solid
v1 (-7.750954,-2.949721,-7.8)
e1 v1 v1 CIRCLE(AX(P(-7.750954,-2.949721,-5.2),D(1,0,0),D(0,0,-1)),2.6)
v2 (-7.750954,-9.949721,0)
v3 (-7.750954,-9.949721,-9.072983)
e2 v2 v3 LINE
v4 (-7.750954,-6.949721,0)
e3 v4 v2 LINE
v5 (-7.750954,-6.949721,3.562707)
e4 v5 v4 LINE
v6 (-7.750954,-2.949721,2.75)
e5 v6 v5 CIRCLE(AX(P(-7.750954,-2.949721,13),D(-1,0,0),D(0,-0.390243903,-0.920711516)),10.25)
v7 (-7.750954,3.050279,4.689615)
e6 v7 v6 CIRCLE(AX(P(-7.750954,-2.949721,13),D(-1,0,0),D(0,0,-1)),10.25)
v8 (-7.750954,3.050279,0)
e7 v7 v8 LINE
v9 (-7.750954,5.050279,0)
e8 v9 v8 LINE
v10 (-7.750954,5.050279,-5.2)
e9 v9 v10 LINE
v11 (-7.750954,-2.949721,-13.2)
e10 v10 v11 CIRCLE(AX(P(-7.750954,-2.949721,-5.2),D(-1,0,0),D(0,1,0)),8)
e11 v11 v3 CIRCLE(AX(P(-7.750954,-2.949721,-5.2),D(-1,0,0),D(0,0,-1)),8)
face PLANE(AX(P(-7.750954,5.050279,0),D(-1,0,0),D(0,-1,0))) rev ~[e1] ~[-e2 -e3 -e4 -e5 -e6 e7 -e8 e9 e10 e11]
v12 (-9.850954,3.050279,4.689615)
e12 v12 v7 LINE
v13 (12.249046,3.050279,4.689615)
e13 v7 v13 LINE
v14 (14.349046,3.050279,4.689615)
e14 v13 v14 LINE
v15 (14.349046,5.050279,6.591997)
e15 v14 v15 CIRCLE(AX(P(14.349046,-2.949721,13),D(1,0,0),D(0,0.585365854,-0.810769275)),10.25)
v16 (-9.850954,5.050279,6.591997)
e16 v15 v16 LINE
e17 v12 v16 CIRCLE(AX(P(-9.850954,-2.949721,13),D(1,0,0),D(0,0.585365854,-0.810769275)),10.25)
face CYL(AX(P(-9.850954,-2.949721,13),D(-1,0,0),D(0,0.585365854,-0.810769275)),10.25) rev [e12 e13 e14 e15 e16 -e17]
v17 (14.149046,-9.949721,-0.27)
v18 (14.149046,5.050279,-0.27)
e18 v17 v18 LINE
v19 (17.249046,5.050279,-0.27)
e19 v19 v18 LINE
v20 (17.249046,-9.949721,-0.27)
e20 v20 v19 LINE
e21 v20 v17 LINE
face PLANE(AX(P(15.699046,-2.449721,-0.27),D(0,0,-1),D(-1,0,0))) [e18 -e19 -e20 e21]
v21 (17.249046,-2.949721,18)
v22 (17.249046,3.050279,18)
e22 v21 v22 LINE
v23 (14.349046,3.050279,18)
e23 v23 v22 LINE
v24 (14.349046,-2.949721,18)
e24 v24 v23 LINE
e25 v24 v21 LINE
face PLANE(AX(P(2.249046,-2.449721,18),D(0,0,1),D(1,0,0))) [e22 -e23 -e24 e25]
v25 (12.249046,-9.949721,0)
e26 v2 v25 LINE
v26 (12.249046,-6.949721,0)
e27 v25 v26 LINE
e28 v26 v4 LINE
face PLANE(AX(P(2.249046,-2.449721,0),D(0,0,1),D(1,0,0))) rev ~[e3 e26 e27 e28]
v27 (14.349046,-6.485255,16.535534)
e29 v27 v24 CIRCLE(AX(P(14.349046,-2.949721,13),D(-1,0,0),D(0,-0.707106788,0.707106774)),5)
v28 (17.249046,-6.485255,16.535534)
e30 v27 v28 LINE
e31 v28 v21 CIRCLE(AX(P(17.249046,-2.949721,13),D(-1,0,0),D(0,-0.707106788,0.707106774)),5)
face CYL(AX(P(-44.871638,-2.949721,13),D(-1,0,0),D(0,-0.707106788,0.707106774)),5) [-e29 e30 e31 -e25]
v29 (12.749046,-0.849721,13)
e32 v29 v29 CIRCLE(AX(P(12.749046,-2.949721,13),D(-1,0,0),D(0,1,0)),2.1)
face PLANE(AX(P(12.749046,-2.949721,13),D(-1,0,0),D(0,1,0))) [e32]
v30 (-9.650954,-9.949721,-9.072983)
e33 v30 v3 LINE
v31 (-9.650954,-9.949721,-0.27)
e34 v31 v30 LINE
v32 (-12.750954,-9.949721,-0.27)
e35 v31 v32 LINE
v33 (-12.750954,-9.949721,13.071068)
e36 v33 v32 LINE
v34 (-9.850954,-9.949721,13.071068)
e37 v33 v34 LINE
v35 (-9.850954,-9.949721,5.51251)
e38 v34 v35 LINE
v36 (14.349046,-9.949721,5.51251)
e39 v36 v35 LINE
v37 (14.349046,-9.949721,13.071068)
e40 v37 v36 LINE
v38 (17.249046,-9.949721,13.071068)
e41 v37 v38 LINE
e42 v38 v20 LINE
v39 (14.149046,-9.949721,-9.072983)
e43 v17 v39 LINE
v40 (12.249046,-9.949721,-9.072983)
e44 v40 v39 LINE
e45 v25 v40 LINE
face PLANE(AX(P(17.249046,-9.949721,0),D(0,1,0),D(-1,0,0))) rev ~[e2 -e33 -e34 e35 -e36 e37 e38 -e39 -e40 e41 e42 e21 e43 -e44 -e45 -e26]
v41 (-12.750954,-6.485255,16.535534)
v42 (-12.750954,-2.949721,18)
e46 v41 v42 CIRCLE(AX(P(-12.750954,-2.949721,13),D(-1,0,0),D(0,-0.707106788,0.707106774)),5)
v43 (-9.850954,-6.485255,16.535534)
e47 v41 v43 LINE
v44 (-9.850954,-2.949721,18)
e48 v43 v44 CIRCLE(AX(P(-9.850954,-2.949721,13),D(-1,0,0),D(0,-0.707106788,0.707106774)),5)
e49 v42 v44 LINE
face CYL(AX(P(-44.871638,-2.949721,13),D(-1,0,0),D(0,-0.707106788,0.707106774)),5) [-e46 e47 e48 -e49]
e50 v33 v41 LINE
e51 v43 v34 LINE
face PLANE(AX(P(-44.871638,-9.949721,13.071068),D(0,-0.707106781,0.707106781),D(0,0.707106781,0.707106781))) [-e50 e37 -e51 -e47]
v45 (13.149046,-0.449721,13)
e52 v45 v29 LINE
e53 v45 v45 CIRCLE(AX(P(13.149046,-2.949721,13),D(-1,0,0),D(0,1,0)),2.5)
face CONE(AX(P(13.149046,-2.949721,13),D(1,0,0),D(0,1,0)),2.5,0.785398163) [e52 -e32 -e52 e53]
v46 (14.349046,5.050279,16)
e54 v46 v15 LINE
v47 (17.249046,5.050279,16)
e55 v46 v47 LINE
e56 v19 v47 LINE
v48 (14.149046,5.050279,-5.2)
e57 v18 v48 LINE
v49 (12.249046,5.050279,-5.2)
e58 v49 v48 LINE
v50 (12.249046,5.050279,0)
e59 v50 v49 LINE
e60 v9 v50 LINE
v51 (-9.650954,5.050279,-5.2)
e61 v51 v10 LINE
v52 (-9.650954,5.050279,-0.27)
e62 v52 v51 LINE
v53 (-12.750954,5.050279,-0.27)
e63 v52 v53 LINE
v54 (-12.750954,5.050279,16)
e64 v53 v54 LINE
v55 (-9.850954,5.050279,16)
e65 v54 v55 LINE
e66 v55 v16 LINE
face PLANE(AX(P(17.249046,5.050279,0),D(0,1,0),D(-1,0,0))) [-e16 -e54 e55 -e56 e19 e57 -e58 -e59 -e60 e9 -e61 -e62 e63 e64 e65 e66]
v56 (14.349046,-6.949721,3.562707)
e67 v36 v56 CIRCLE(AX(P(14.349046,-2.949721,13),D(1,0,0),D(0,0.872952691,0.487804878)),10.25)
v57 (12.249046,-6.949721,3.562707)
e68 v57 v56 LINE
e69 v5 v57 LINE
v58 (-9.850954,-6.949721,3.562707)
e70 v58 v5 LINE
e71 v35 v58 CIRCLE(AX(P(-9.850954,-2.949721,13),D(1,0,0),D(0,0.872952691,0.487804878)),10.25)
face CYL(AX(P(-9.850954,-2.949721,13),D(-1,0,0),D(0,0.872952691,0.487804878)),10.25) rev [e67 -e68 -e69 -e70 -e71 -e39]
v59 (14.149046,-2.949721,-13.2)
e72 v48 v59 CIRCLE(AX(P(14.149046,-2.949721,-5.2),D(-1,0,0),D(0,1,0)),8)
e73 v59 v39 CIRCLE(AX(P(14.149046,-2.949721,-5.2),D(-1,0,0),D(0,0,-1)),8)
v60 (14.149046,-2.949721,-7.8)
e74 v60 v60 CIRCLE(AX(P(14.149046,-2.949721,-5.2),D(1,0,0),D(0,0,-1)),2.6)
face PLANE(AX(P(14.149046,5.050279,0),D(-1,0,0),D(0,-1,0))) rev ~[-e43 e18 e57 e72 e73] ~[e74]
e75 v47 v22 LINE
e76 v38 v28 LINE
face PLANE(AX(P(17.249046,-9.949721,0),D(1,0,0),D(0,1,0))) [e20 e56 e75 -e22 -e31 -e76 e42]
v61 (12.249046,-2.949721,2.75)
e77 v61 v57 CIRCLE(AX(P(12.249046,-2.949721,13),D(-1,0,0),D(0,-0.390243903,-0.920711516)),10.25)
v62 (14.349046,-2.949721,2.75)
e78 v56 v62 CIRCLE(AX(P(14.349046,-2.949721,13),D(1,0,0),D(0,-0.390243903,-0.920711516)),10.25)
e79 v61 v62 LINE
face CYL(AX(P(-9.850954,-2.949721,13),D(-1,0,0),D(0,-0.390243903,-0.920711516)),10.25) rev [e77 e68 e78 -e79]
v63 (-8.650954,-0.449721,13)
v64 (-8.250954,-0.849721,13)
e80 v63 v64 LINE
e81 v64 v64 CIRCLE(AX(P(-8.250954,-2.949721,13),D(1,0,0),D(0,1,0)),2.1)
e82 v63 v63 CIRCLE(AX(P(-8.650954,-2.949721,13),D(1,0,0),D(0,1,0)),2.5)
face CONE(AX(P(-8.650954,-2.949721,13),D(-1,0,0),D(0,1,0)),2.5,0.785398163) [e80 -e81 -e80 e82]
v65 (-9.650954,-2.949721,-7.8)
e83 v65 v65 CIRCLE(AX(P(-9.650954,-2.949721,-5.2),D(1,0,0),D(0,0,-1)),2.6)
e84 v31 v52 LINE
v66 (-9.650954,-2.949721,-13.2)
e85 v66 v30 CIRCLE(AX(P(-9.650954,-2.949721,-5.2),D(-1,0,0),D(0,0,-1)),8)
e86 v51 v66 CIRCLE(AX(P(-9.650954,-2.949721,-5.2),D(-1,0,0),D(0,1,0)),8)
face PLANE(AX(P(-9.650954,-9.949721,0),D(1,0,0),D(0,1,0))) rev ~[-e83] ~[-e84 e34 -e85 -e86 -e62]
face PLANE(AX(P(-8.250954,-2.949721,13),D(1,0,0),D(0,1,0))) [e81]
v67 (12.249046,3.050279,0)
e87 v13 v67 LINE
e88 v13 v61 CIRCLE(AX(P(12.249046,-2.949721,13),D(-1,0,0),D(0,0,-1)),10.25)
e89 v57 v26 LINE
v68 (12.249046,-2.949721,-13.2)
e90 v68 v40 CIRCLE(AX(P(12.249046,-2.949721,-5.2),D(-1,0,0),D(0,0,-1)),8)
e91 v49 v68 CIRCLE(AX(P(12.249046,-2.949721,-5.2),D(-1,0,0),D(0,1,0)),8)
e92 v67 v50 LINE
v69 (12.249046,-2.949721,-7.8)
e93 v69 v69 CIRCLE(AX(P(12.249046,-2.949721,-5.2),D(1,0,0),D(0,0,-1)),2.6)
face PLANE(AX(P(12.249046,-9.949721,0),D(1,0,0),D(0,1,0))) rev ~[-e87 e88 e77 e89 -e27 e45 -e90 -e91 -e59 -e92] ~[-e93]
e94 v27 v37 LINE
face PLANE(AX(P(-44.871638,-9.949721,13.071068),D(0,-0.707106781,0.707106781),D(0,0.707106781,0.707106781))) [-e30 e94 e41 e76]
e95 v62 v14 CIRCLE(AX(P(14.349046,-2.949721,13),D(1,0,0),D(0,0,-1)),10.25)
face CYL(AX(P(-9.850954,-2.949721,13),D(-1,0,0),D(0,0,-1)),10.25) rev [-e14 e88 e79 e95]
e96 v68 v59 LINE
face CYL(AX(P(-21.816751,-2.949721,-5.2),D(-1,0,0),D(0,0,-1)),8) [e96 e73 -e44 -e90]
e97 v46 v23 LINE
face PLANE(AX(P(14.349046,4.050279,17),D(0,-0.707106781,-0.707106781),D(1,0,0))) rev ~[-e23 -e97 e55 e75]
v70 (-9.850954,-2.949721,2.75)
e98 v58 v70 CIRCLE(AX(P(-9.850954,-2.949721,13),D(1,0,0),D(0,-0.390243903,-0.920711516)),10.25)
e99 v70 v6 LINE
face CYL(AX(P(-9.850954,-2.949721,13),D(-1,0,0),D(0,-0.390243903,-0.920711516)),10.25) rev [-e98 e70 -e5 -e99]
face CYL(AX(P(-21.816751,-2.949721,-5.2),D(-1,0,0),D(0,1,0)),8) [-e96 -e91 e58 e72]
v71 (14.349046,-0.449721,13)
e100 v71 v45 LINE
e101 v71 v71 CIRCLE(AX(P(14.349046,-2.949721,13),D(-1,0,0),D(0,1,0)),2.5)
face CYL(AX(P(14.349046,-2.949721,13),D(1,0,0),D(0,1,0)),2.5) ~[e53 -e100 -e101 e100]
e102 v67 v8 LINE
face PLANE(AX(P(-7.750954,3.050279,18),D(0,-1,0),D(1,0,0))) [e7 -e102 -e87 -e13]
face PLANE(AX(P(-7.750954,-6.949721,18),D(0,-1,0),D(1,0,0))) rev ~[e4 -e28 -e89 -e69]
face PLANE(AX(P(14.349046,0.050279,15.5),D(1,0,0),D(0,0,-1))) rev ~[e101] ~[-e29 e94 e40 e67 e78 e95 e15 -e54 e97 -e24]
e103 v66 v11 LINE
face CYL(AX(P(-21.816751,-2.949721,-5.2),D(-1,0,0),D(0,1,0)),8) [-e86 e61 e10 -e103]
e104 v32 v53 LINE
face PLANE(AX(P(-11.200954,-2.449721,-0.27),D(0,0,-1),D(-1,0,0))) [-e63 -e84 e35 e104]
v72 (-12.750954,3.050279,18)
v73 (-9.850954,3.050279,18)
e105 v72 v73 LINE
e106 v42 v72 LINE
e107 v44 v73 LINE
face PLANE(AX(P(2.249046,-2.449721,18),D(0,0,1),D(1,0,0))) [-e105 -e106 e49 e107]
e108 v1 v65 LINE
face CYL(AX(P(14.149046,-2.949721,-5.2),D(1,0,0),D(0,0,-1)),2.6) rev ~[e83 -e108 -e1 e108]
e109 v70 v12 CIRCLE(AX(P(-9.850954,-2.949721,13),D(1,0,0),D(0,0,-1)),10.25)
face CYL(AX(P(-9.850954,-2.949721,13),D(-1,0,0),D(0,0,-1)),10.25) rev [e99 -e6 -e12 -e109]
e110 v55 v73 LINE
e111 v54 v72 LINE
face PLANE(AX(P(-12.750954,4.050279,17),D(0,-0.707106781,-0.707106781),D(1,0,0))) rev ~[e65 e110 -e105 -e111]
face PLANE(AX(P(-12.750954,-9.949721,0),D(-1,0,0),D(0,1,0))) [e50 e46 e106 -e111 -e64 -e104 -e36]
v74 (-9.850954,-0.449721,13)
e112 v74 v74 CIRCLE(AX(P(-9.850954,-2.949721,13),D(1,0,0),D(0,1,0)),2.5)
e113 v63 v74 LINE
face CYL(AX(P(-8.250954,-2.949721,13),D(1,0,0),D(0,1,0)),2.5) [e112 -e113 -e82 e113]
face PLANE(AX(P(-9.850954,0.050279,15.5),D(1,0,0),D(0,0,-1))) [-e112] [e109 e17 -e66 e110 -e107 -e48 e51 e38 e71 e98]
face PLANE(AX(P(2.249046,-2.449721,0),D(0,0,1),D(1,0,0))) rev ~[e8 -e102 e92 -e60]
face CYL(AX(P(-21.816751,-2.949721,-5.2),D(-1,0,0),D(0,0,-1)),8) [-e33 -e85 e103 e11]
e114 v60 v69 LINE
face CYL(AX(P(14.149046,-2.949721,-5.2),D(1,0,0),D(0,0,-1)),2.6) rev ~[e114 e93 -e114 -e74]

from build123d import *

# Parameters (mm, degrees)
SKETCH_1_W               = 30
SKETCH_1_H               = 15
EXTRUDE_1_DEPTH          = 18
CUT_EXTRUDE_1_REACH      = 28.843
SKETCH_2_W               = 20
SKETCH_2_H               = 10
CUT_EXTRUDE_2_REACH      = 29.668
SKETCH_3_W               = 20
SKETCH_3_H               = 12
CUT_EXTRUDE_5_DEPTH      = 22.1
CUT_EXTRUDE_5_DEPTH_BACK = 2.1
SKETCH_4_W               = 5
SKETCH_4_H               = 6
SKETCH_5_R               = 2.5
EXTRUDE_2_DEPTH          = 1.6
EXTRUDE_START            = 1.6
SKETCH_6_R               = 2.5
EXTRUDE_3_DEPTH          = 1.6
CHAMFER_1_SIZE           = 0.4
CUT_EXTRUDE_6_DEPTH      = 35.020684023
CUT_EXTRUDE_6_DEPTH_BACK = 35.020684023
CUT_EXTRUDE_7_DEPTH      = 35.020684023
CUT_EXTRUDE_7_DEPTH_BACK = 35.020684023
EXTRUDE_4_DEPTH          = 20
SKETCH_10_R              = 2.6
CUT_EXTRUDE_8_DEPTH      = 35.965796737
CUT_EXTRUDE_9_DEPTH      = 35.965796737
CUT_EXTRUDE_9_DEPTH_BACK = 35.965796737
SKETCH_12_W              = 1.696031958
SKETCH_12_H              = 15
CHAMFER_2_SIZE           = 2
SKETCH_17_W              = 3.1
SKETCH_17_H              = 15
EXTRUDE_8_DEPTH          = 0.27


with BuildPart() as part:
    # 草圖1 → 填料-伸長1 (new body)
    with BuildSketch(Plane.XY):
        with Locations((2.249045701, -2.44972067)):
            Rectangle(SKETCH_1_W, SKETCH_1_H)
    extrude(amount=EXTRUDE_1_DEPTH)

    # 草圖2 → 除料-伸長1 (cut, up to next)
    with BuildSketch(Plane.XY.offset(18), mode=Mode.PRIVATE) as cut_extrude_1_sk1:
        with Locations((2.249045701, -1.94972067)):
            Rectangle(SKETCH_2_W, SKETCH_2_H)
    cut_extrude_1_tool1 = extrude(cut_extrude_1_sk1.sketch, amount=-CUT_EXTRUDE_1_REACH, mode=Mode.PRIVATE) & part.part
    add(cut_extrude_1_tool1.solids().sort_by_distance((2.249046, -1.949721, 18))[0], mode=Mode.SUBTRACT)

    # 草圖3 → 除料-伸長2 (cut, up to next)
    with BuildSketch(Plane(origin=(0, -6.94972067, 0), x_dir=(1, 0, 0), z_dir=(0, 1, 0)), mode=Mode.PRIVATE) as cut_extrude_2_sk1:
        with Locations((2.249045701, -12)):
            Rectangle(SKETCH_3_W, SKETCH_3_H)
    cut_extrude_2_tool1 = extrude(cut_extrude_2_sk1.sketch, amount=-CUT_EXTRUDE_2_REACH, mode=Mode.PRIVATE) & part.part
    add(cut_extrude_2_tool1.solids().sort_by_distance((2.249046, -6.949721, 12))[0], mode=Mode.SUBTRACT)

    # 草圖4 → 除料-伸長5 (cut, two sides: drawn at the far end of the back side and taken through both)
    with BuildSketch(Plane(origin=(-7.750954299, 0, 0), x_dir=(0, 0, -1), z_dir=(1, 0, 0)).offset(-CUT_EXTRUDE_5_DEPTH_BACK)):
        with Locations((-15.5, 0.05027933)):
            Rectangle(SKETCH_4_W, SKETCH_4_H)
        with BuildLine():
            Line((-13, 3.05027933), (-13, -2.94972067))
            Line((-13, -2.94972067), (-18, -2.94972067))
            Line((-18, -2.94972067), (-18, -9.94972067))
            Line((-18, -9.94972067), (-6, -9.94972067))
            Line((-6, -9.94972067), (-6, -6.94972067))
            Line((-6, -6.94972067), (-3.562706956, -6.94972067))
            ThreePointArc((-3.562706956, -6.94972067), (-2.955231369, -4.990584005), (-2.75, -2.94972067))
            ThreePointArc((-2.75, -2.94972067), (-3.246950555, 0.203139384), (-4.689614931, 3.05027933))
            Line((-4.689614931, 3.05027933), (-13, 3.05027933))
        make_face()
        with BuildLine():
            ThreePointArc((-18, 5.998044414), (-15.583399687, 6.969379392), (-13, 7.30027933))
            Line((-13, 7.30027933), (-13, 7.89449882))
            Line((-13, 7.89449882), (-18, 7.89449882))
            Line((-18, 7.89449882), (-18, 5.998044414))
        make_face()
        with BuildLine():
            Line((-13, 7.30027933), (-13, 3.05027933))
            Line((-13, 3.05027933), (-4.689614931, 3.05027933))
            ThreePointArc((-4.689614931, 3.05027933), (-8.332961324, 6.176135454), (-13, 7.30027933))
        make_face()
        with BuildLine():
            Line((-18, 3.05027933), (-13, 3.05027933))
            Line((-13, 3.05027933), (-13, 7.30027933))
            ThreePointArc((-13, 7.30027933), (-15.583399687, 6.969379392), (-18, 5.998044414))
            Line((-18, 5.998044414), (-18, 3.05027933))
        make_face()
        with BuildLine():
            Line((-18, -9.94972067), (-18, -2.94972067))
            Line((-18, -2.94972067), (-18, 3.05027933))
            Line((-18, 3.05027933), (-18, 5.998044414))
            ThreePointArc((-18, 5.998044414), (-19.843504041, -10.580510436), (-3.562706956, -6.94972067))
            Line((-3.562706956, -6.94972067), (-6, -6.94972067))
            Line((-6, -6.94972067), (-6, -9.94972067))
            Line((-6, -9.94972067), (-18, -9.94972067))
        make_face()
    extrude(amount=CUT_EXTRUDE_5_DEPTH + CUT_EXTRUDE_5_DEPTH_BACK, mode=Mode.SUBTRACT)

    # 草圖5 → 填料-伸長2 (add)
    with BuildSketch(Plane.ZY.offset(-14.349045701)):
        with Locations(Location((13, -2.94972067, 0), (0, 0, 90))):
            Circle(SKETCH_5_R)
    extrude(amount=EXTRUDE_2_DEPTH)

    # 草圖6 → 填料-伸長3 (add)
    with BuildSketch(Plane(origin=(-9.850954299, 0, 0), x_dir=(0, 0, -1), z_dir=(1, 0, 0)).offset(EXTRUDE_START)):
        with Locations(Location((-13, -2.94972067, 0), (0, 0, 90))):
            Circle(SKETCH_6_R)
    extrude(amount=-EXTRUDE_3_DEPTH)

    # 導角1
    chamfer_1_edges = [part.edges().sort_by_distance(p)[0] for p in [
        (12.749045701, -5.44972067, 13),
        (-8.250954299, -5.44972067, 13),
    ]]
    chamfer(chamfer_1_edges, length=CHAMFER_1_SIZE)

    # 草圖7 → 除料-伸長6 (cut, two sides: drawn at the far end of the back side and taken through both)
    with BuildSketch(Plane(origin=(-9.850954299, 0, 0), x_dir=(0, 0, -1), z_dir=(1, 0, 0)).offset(-CUT_EXTRUDE_6_DEPTH_BACK)):
        Polygon((-18, -9.94972067), (-13.071067812, -9.94972067), (-18, -5.020788482), align=None)
    extrude(amount=CUT_EXTRUDE_6_DEPTH + CUT_EXTRUDE_6_DEPTH_BACK, mode=Mode.SUBTRACT)

    # 草圖8 → 除料-伸長7 (cut, two sides: drawn at the far end of the back side and taken through both)
    with BuildSketch(Plane(origin=(-9.850954299, 0, 0), x_dir=(0, 0, -1), z_dir=(1, 0, 0)).offset(-CUT_EXTRUDE_7_DEPTH_BACK)):
        with BuildLine():
            Line((-18, -2.94972067), (-18, -5.020788482))
            Line((-18, -5.020788482), (-16.535533871, -6.485254612))
            ThreePointArc((-16.535533871, -6.485254612), (-17.619397653, -4.863137855), (-18, -2.94972067))
        make_face()
    extrude(amount=CUT_EXTRUDE_7_DEPTH + CUT_EXTRUDE_7_DEPTH_BACK, mode=Mode.SUBTRACT)

    # 草圖9 → 填料-伸長4 (add)
    with BuildSketch(Plane(origin=(0, 0, 0), x_dir=(-1, 0, 0), z_dir=(0, 0, -1))):
        Polygon((9.650954299, 5.05027933), (7.750954299, 5.05027933), (7.750954299, 3.05027933), (7.750954299, -6.94972067), (7.750954299, -9.94972067), (9.650954299, -9.94972067), align=None)
        Polygon((-12.249045701, 3.05027933), (-12.249045701, 5.05027933), (-14.149045701, 5.05027933), (-14.149045701, -9.94972067), (-12.249045701, -9.94972067), (-12.249045701, -6.94972067), align=None)
    extrude(amount=EXTRUDE_4_DEPTH)

    # 草圖10 → 除料-伸長8 (cut, through all)
    with BuildSketch(Plane(origin=(14.149045701, 0, 0), x_dir=(0, 0, -1), z_dir=(1, 0, 0))):
        with Locations((5.2, -2.94972067)):
            Circle(SKETCH_10_R)
    extrude(amount=-CUT_EXTRUDE_8_DEPTH, mode=Mode.SUBTRACT)

    # 草圖12 → 除料-伸長9 (cut, two sides: drawn at the far end of the back side and taken through both)
    with BuildSketch(Plane(origin=(14.149045701, 0, 0), x_dir=(0, 0, -1), z_dir=(1, 0, 0)).offset(-CUT_EXTRUDE_9_DEPTH_BACK)):
        with BuildLine():
            Line((18.303968042, 5.05027933), (5.2, 5.05027933))
            ThreePointArc((5.2, 5.05027933), (10.856854249, 2.707133579), (13.2, -2.94972067))
            ThreePointArc((13.2, -2.94972067), (12.091439137, -7.012732683), (9.072983346, -9.94972067))
            Line((9.072983346, -9.94972067), (18.303968042, -9.94972067))
            Line((18.303968042, -9.94972067), (18.303968042, 5.05027933))
        make_face()
        with Locations((19.151984021, -2.44972067)):
            Rectangle(SKETCH_12_W, SKETCH_12_H)
    extrude(amount=CUT_EXTRUDE_9_DEPTH + CUT_EXTRUDE_9_DEPTH_BACK, mode=Mode.SUBTRACT)

    # 導角2
    chamfer_2_edges = [part.edges().sort_by_distance(p)[0] for p in [
        (15.799045701, 5.05027933, 18),
        (-11.300954299, 5.05027933, 18),
    ]]
    chamfer(chamfer_2_edges, length=CHAMFER_2_SIZE)

    # 草圖17 → 填料-伸長8 (add)
    with BuildSketch(Plane(origin=(0, 0, 0), x_dir=(-1, 0, 0), z_dir=(0, 0, -1))):
        with Locations((-15.699045701, -2.44972067)):
            Rectangle(SKETCH_17_W, SKETCH_17_H)
        with Locations((11.200954299, -2.44972067)):
            Rectangle(SKETCH_17_W, SKETCH_17_H)
    extrude(amount=EXTRUDE_8_DEPTH)


solid = part.part
